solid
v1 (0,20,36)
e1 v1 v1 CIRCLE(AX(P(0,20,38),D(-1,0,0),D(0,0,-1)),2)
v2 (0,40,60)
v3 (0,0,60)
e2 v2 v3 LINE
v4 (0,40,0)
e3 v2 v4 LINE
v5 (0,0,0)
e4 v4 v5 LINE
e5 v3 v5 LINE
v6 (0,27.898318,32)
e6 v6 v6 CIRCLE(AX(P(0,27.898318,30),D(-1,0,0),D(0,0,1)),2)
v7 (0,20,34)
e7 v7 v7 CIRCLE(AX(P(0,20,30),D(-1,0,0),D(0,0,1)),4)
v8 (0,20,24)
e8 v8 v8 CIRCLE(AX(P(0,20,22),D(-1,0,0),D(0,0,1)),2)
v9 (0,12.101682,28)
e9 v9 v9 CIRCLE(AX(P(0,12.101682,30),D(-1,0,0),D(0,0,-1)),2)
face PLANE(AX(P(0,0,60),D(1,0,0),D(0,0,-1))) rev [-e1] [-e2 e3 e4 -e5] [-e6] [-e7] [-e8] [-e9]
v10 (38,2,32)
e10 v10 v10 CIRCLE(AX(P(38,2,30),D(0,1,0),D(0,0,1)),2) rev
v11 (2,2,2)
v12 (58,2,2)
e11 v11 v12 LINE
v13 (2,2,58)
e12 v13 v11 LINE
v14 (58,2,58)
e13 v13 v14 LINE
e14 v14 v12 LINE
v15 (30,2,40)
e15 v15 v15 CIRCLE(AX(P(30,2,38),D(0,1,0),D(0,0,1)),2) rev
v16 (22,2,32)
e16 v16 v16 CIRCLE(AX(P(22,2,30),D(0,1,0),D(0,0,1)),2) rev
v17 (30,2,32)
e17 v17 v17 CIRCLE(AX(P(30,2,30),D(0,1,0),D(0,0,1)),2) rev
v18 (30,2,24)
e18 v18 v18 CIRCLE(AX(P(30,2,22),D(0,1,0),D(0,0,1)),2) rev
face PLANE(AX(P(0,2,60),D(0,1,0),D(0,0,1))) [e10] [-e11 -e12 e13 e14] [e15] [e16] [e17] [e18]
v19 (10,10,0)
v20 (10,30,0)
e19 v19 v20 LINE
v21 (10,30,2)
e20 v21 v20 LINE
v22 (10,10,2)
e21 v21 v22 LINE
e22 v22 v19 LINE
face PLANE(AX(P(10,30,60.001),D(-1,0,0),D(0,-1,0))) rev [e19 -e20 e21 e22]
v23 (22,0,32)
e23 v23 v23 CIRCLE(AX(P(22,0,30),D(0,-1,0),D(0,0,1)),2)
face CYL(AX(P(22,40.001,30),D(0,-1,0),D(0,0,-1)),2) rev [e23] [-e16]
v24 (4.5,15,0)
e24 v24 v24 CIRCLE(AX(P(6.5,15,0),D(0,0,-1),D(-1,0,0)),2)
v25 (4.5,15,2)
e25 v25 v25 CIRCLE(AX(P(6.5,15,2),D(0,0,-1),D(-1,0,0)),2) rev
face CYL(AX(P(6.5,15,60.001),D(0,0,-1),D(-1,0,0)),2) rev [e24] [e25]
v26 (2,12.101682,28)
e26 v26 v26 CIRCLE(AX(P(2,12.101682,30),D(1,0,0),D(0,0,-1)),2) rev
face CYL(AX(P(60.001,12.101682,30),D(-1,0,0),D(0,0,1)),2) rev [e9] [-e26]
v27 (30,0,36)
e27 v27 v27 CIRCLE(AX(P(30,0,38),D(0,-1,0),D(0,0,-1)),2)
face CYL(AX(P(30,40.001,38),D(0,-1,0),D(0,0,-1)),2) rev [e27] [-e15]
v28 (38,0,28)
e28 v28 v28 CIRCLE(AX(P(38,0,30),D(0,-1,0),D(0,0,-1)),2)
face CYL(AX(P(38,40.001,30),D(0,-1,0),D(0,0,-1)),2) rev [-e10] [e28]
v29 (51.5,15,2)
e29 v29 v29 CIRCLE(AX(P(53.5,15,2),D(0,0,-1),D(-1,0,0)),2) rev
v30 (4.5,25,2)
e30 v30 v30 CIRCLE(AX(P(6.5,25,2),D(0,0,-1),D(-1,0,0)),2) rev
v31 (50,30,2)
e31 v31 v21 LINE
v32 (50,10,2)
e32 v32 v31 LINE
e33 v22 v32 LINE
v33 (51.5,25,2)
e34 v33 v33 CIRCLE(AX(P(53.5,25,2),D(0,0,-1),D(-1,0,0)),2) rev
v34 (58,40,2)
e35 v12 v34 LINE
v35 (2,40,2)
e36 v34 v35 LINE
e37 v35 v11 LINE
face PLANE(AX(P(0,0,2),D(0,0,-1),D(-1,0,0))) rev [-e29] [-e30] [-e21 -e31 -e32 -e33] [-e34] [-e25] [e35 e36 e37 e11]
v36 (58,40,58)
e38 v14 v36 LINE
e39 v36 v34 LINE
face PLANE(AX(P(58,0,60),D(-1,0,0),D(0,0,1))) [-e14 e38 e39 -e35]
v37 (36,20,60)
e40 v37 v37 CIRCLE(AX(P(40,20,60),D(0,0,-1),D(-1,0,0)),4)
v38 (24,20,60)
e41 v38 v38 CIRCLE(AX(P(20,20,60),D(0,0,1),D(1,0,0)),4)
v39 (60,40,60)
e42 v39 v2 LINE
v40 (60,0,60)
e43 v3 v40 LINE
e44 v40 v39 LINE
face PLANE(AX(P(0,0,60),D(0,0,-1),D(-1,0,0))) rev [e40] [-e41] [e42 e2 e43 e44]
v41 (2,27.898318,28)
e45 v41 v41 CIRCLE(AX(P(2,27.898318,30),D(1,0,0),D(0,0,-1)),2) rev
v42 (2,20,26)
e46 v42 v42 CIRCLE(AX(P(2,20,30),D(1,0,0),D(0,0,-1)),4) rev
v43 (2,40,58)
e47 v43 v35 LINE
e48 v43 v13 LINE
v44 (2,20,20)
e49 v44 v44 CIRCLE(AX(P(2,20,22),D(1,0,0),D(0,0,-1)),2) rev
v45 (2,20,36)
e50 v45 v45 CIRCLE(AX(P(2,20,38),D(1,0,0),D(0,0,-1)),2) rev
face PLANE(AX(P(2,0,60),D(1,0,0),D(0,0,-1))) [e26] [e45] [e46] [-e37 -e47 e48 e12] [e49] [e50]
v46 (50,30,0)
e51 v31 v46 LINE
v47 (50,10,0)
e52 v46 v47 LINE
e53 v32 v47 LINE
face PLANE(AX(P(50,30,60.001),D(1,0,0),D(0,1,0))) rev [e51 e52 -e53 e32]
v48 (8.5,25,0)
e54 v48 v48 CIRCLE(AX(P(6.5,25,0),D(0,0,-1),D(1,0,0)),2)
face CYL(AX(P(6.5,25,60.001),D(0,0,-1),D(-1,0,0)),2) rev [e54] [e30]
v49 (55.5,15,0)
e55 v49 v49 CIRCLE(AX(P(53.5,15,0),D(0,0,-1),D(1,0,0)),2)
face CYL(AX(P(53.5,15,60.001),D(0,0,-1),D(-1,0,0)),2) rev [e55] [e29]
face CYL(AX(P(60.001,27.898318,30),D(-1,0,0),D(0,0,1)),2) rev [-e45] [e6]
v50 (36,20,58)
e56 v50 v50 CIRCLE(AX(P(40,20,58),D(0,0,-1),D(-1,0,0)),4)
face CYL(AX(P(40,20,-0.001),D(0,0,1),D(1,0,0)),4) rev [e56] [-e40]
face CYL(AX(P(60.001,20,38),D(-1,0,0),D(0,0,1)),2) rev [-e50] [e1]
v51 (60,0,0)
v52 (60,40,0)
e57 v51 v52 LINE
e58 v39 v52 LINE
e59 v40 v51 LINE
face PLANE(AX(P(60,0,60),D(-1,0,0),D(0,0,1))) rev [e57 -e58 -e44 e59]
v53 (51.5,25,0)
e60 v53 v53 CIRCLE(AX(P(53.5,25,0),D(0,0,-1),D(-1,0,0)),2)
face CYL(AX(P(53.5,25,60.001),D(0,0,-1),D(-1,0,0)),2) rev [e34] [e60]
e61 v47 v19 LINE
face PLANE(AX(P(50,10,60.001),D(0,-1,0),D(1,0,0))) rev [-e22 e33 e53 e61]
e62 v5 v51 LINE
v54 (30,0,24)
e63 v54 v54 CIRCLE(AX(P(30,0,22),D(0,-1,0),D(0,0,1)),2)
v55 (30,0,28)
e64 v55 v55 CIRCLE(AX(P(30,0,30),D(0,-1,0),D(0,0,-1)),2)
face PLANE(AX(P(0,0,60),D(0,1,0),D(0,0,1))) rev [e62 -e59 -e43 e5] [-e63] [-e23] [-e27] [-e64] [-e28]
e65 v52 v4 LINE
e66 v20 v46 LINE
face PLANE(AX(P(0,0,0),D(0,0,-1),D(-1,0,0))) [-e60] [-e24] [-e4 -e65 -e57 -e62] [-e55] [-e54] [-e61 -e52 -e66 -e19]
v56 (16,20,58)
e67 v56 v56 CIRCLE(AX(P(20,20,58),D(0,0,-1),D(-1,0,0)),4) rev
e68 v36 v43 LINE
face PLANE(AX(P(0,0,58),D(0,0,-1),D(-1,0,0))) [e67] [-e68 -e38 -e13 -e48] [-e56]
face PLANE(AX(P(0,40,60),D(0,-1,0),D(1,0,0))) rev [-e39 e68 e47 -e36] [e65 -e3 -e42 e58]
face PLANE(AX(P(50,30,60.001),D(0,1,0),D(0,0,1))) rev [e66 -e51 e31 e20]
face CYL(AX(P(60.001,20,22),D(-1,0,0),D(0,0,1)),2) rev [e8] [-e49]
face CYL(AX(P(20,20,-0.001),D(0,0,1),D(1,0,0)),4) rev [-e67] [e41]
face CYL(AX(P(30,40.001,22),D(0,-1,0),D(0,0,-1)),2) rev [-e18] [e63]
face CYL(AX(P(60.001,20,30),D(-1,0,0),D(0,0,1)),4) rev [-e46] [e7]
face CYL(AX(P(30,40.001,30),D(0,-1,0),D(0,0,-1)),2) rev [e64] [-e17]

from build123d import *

# Parameters (mm, degrees)
IZIM2_W                     = 60
IZIM2_H                     = 40
Y_KSEKLIK_EKSTR_ZYON1_DEPTH = 60
BO_ALTMA1_T                 = -2
KES_EKSTR_ZYON2_REACH       = 95.808
IZIM4_R                     = 2
IZIM4_W                     = 40
IZIM4_H                     = 20
KES_EKSTR_ZYON3_REACH       = 95.808
IZIM5_R                     = 2
KES_EKSTR_ZYON4_REACH       = 95.808
IZIM6_R                     = 4
KES_EKSTR_ZYON5_REACH       = 95.808
IZIM7_R                     = 4
IZIM7_R_2                   = 2


with BuildPart() as part:
    # Çizim2 → Yükseklik-Ekstrüzyon1 (new body)
    with BuildSketch(Plane.XY):
        with Locations((30, 20)):
            Rectangle(IZIM2_W, IZIM2_H)
    extrude(amount=Y_KSEKLIK_EKSTR_ZYON1_DEPTH)

    # İç Boşaltma1
    bo_altma1_openings = [part.faces().sort_by_distance(p)[0] for p in [
        (30, 40, 30),
    ]]
    offset(amount=BO_ALTMA1_T, openings=bo_altma1_openings, kind=Kind.INTERSECTION)

    # Çizim4 → Kes-Ekstrüzyon2 (cut, up to next)
    with BuildSketch(Plane(origin=(0, 0, 0), x_dir=(-1, 0, 0), z_dir=(0, 0, -1)), mode=Mode.PRIVATE) as kes_ekstr_zyon2_sk1:
        with Locations((-53.5, 25)):
            Circle(IZIM4_R)
    kes_ekstr_zyon2_tool1 = extrude(kes_ekstr_zyon2_sk1.sketch, amount=-KES_EKSTR_ZYON2_REACH, mode=Mode.PRIVATE) & part.part
    # Çizim4 → Kes-Ekstrüzyon2 (cut, up to next)
    with BuildSketch(Plane(origin=(0, 0, 0), x_dir=(-1, 0, 0), z_dir=(0, 0, -1)), mode=Mode.PRIVATE) as kes_ekstr_zyon2_sk2:
        with Locations((-53.5, 15)):
            Circle(IZIM4_R)
    kes_ekstr_zyon2_tool2 = extrude(kes_ekstr_zyon2_sk2.sketch, amount=-KES_EKSTR_ZYON2_REACH, mode=Mode.PRIVATE) & part.part
    # Çizim4 → Kes-Ekstrüzyon2 (cut, up to next)
    with BuildSketch(Plane(origin=(0, 0, 0), x_dir=(-1, 0, 0), z_dir=(0, 0, -1)), mode=Mode.PRIVATE) as kes_ekstr_zyon2_sk3:
        with Locations((-6.5, 15)):
            Circle(IZIM4_R)
    kes_ekstr_zyon2_tool3 = extrude(kes_ekstr_zyon2_sk3.sketch, amount=-KES_EKSTR_ZYON2_REACH, mode=Mode.PRIVATE) & part.part
    # Çizim4 → Kes-Ekstrüzyon2 (cut, up to next)
    with BuildSketch(Plane(origin=(0, 0, 0), x_dir=(-1, 0, 0), z_dir=(0, 0, -1)), mode=Mode.PRIVATE) as kes_ekstr_zyon2_sk4:
        with Locations((-6.5, 25)):
            Circle(IZIM4_R)
    kes_ekstr_zyon2_tool4 = extrude(kes_ekstr_zyon2_sk4.sketch, amount=-KES_EKSTR_ZYON2_REACH, mode=Mode.PRIVATE) & part.part
    # Çizim4 → Kes-Ekstrüzyon2 (cut, up to next)
    with BuildSketch(Plane(origin=(0, 0, 0), x_dir=(-1, 0, 0), z_dir=(0, 0, -1)), mode=Mode.PRIVATE) as kes_ekstr_zyon2_sk5:
        with Locations((-30, 20)):
            Rectangle(IZIM4_W, IZIM4_H)
    kes_ekstr_zyon2_tool5 = extrude(kes_ekstr_zyon2_sk5.sketch, amount=-KES_EKSTR_ZYON2_REACH, mode=Mode.PRIVATE) & part.part
    add(kes_ekstr_zyon2_tool1.solids().sort_by_distance((53.5, 25, 0))[0], mode=Mode.SUBTRACT)
    add(kes_ekstr_zyon2_tool2.solids().sort_by_distance((53.5, 15, 0))[0], mode=Mode.SUBTRACT)
    add(kes_ekstr_zyon2_tool3.solids().sort_by_distance((6.5, 15, 0))[0], mode=Mode.SUBTRACT)
    add(kes_ekstr_zyon2_tool4.solids().sort_by_distance((6.5, 25, 0))[0], mode=Mode.SUBTRACT)
    add(kes_ekstr_zyon2_tool5.solids().sort_by_distance((30, 20, 0))[0], mode=Mode.SUBTRACT)

    # Çizim5 → Kes-Ekstrüzyon3 (cut, up to next)
    with BuildSketch(Plane.XZ, mode=Mode.PRIVATE) as kes_ekstr_zyon3_sk1:
        with Locations(Location((30, 30, 0), (0, 0, 270))):
            Circle(IZIM5_R)
    kes_ekstr_zyon3_tool1 = extrude(kes_ekstr_zyon3_sk1.sketch, amount=-KES_EKSTR_ZYON3_REACH, mode=Mode.PRIVATE) & part.part
    # Çizim5 → Kes-Ekstrüzyon3 (cut, up to next)
    with BuildSketch(Plane.XZ, mode=Mode.PRIVATE) as kes_ekstr_zyon3_sk2:
        with Locations(Location((38, 30, 0), (0, 0, 270))):
            Circle(IZIM5_R)
    kes_ekstr_zyon3_tool2 = extrude(kes_ekstr_zyon3_sk2.sketch, amount=-KES_EKSTR_ZYON3_REACH, mode=Mode.PRIVATE) & part.part
    # Çizim5 → Kes-Ekstrüzyon3 (cut, up to next)
    with BuildSketch(Plane.XZ, mode=Mode.PRIVATE) as kes_ekstr_zyon3_sk3:
        with Locations(Location((30, 38, 0), (0, 0, 270))):
            Circle(IZIM5_R)
    kes_ekstr_zyon3_tool3 = extrude(kes_ekstr_zyon3_sk3.sketch, amount=-KES_EKSTR_ZYON3_REACH, mode=Mode.PRIVATE) & part.part
    # Çizim5 → Kes-Ekstrüzyon3 (cut, up to next)
    with BuildSketch(Plane.XZ, mode=Mode.PRIVATE) as kes_ekstr_zyon3_sk4:
        with Locations(Location((30, 22, 0), (0, 0, 90))):
            Circle(IZIM5_R)
    kes_ekstr_zyon3_tool4 = extrude(kes_ekstr_zyon3_sk4.sketch, amount=-KES_EKSTR_ZYON3_REACH, mode=Mode.PRIVATE) & part.part
    # Çizim5 → Kes-Ekstrüzyon3 (cut, up to next)
    with BuildSketch(Plane.XZ, mode=Mode.PRIVATE) as kes_ekstr_zyon3_sk5:
        with Locations(Location((22, 30, 0), (0, 0, 90))):
            Circle(IZIM5_R)
    kes_ekstr_zyon3_tool5 = extrude(kes_ekstr_zyon3_sk5.sketch, amount=-KES_EKSTR_ZYON3_REACH, mode=Mode.PRIVATE) & part.part
    add(kes_ekstr_zyon3_tool1.solids().sort_by_distance((30, 0, 30))[0], mode=Mode.SUBTRACT)
    add(kes_ekstr_zyon3_tool2.solids().sort_by_distance((38, 0, 30))[0], mode=Mode.SUBTRACT)
    add(kes_ekstr_zyon3_tool3.solids().sort_by_distance((30, 0, 38))[0], mode=Mode.SUBTRACT)
    add(kes_ekstr_zyon3_tool4.solids().sort_by_distance((30, 0, 22))[0], mode=Mode.SUBTRACT)
    add(kes_ekstr_zyon3_tool5.solids().sort_by_distance((22, 0, 30))[0], mode=Mode.SUBTRACT)

    # Çizim6 → Kes-Ekstrüzyon4 (cut, up to next)
    with BuildSketch(Plane.XY.offset(60), mode=Mode.PRIVATE) as kes_ekstr_zyon4_sk1:
        with Locations((20, 20)):
            Circle(IZIM6_R)
    kes_ekstr_zyon4_tool1 = extrude(kes_ekstr_zyon4_sk1.sketch, amount=-KES_EKSTR_ZYON4_REACH, mode=Mode.PRIVATE) & part.part
    # Çizim6 → Kes-Ekstrüzyon4 (cut, up to next)
    with BuildSketch(Plane.XY.offset(60), mode=Mode.PRIVATE) as kes_ekstr_zyon4_sk2:
        with Locations(Location((40, 20, 0), (0, 0, 180))):
            Circle(IZIM6_R)
    kes_ekstr_zyon4_tool2 = extrude(kes_ekstr_zyon4_sk2.sketch, amount=-KES_EKSTR_ZYON4_REACH, mode=Mode.PRIVATE) & part.part
    add(kes_ekstr_zyon4_tool1.solids().sort_by_distance((20, 20, 60))[0], mode=Mode.SUBTRACT)
    add(kes_ekstr_zyon4_tool2.solids().sort_by_distance((40, 20, 60))[0], mode=Mode.SUBTRACT)

    # Çizim7 → Kes-Ekstrüzyon5 (cut, up to next)
    with BuildSketch(Plane.ZY, mode=Mode.PRIVATE) as kes_ekstr_zyon5_sk1:
        with Locations((30, 20)):
            Circle(IZIM7_R)
    kes_ekstr_zyon5_tool1 = extrude(kes_ekstr_zyon5_sk1.sketch, amount=-KES_EKSTR_ZYON5_REACH, mode=Mode.PRIVATE) & part.part
    # Çizim7 → Kes-Ekstrüzyon5 (cut, up to next)
    with BuildSketch(Plane.ZY, mode=Mode.PRIVATE) as kes_ekstr_zyon5_sk2:
        with Locations((22, 20)):
            Circle(IZIM7_R_2)
    kes_ekstr_zyon5_tool2 = extrude(kes_ekstr_zyon5_sk2.sketch, amount=-KES_EKSTR_ZYON5_REACH, mode=Mode.PRIVATE) & part.part
    # Çizim7 → Kes-Ekstrüzyon5 (cut, up to next)
    with BuildSketch(Plane.ZY, mode=Mode.PRIVATE) as kes_ekstr_zyon5_sk3:
        with Locations(Location((38, 20, 0), (0, 0, 180))):
            Circle(IZIM7_R_2)
    kes_ekstr_zyon5_tool3 = extrude(kes_ekstr_zyon5_sk3.sketch, amount=-KES_EKSTR_ZYON5_REACH, mode=Mode.PRIVATE) & part.part
    # Çizim7 → Kes-Ekstrüzyon5 (cut, up to next)
    with BuildSketch(Plane.ZY, mode=Mode.PRIVATE) as kes_ekstr_zyon5_sk4:
        with Locations((30, 27.898318077)):
            Circle(IZIM7_R_2)
    kes_ekstr_zyon5_tool4 = extrude(kes_ekstr_zyon5_sk4.sketch, amount=-KES_EKSTR_ZYON5_REACH, mode=Mode.PRIVATE) & part.part
    # Çizim7 → Kes-Ekstrüzyon5 (cut, up to next)
    with BuildSketch(Plane.ZY, mode=Mode.PRIVATE) as kes_ekstr_zyon5_sk5:
        with Locations(Location((30, 12.101681923, 0), (0, 0, 180))):
            Circle(IZIM7_R_2)
    kes_ekstr_zyon5_tool5 = extrude(kes_ekstr_zyon5_sk5.sketch, amount=-KES_EKSTR_ZYON5_REACH, mode=Mode.PRIVATE) & part.part
    add(kes_ekstr_zyon5_tool1.solids().sort_by_distance((0, 20, 30))[0], mode=Mode.SUBTRACT)
    add(kes_ekstr_zyon5_tool2.solids().sort_by_distance((0, 20, 22))[0], mode=Mode.SUBTRACT)
    add(kes_ekstr_zyon5_tool3.solids().sort_by_distance((0, 20, 38))[0], mode=Mode.SUBTRACT)
    add(kes_ekstr_zyon5_tool4.solids().sort_by_distance((0, 27.898318, 30))[0], mode=Mode.SUBTRACT)
    add(kes_ekstr_zyon5_tool5.solids().sort_by_distance((0, 12.101682, 30))[0], mode=Mode.SUBTRACT)


solid = part.part
